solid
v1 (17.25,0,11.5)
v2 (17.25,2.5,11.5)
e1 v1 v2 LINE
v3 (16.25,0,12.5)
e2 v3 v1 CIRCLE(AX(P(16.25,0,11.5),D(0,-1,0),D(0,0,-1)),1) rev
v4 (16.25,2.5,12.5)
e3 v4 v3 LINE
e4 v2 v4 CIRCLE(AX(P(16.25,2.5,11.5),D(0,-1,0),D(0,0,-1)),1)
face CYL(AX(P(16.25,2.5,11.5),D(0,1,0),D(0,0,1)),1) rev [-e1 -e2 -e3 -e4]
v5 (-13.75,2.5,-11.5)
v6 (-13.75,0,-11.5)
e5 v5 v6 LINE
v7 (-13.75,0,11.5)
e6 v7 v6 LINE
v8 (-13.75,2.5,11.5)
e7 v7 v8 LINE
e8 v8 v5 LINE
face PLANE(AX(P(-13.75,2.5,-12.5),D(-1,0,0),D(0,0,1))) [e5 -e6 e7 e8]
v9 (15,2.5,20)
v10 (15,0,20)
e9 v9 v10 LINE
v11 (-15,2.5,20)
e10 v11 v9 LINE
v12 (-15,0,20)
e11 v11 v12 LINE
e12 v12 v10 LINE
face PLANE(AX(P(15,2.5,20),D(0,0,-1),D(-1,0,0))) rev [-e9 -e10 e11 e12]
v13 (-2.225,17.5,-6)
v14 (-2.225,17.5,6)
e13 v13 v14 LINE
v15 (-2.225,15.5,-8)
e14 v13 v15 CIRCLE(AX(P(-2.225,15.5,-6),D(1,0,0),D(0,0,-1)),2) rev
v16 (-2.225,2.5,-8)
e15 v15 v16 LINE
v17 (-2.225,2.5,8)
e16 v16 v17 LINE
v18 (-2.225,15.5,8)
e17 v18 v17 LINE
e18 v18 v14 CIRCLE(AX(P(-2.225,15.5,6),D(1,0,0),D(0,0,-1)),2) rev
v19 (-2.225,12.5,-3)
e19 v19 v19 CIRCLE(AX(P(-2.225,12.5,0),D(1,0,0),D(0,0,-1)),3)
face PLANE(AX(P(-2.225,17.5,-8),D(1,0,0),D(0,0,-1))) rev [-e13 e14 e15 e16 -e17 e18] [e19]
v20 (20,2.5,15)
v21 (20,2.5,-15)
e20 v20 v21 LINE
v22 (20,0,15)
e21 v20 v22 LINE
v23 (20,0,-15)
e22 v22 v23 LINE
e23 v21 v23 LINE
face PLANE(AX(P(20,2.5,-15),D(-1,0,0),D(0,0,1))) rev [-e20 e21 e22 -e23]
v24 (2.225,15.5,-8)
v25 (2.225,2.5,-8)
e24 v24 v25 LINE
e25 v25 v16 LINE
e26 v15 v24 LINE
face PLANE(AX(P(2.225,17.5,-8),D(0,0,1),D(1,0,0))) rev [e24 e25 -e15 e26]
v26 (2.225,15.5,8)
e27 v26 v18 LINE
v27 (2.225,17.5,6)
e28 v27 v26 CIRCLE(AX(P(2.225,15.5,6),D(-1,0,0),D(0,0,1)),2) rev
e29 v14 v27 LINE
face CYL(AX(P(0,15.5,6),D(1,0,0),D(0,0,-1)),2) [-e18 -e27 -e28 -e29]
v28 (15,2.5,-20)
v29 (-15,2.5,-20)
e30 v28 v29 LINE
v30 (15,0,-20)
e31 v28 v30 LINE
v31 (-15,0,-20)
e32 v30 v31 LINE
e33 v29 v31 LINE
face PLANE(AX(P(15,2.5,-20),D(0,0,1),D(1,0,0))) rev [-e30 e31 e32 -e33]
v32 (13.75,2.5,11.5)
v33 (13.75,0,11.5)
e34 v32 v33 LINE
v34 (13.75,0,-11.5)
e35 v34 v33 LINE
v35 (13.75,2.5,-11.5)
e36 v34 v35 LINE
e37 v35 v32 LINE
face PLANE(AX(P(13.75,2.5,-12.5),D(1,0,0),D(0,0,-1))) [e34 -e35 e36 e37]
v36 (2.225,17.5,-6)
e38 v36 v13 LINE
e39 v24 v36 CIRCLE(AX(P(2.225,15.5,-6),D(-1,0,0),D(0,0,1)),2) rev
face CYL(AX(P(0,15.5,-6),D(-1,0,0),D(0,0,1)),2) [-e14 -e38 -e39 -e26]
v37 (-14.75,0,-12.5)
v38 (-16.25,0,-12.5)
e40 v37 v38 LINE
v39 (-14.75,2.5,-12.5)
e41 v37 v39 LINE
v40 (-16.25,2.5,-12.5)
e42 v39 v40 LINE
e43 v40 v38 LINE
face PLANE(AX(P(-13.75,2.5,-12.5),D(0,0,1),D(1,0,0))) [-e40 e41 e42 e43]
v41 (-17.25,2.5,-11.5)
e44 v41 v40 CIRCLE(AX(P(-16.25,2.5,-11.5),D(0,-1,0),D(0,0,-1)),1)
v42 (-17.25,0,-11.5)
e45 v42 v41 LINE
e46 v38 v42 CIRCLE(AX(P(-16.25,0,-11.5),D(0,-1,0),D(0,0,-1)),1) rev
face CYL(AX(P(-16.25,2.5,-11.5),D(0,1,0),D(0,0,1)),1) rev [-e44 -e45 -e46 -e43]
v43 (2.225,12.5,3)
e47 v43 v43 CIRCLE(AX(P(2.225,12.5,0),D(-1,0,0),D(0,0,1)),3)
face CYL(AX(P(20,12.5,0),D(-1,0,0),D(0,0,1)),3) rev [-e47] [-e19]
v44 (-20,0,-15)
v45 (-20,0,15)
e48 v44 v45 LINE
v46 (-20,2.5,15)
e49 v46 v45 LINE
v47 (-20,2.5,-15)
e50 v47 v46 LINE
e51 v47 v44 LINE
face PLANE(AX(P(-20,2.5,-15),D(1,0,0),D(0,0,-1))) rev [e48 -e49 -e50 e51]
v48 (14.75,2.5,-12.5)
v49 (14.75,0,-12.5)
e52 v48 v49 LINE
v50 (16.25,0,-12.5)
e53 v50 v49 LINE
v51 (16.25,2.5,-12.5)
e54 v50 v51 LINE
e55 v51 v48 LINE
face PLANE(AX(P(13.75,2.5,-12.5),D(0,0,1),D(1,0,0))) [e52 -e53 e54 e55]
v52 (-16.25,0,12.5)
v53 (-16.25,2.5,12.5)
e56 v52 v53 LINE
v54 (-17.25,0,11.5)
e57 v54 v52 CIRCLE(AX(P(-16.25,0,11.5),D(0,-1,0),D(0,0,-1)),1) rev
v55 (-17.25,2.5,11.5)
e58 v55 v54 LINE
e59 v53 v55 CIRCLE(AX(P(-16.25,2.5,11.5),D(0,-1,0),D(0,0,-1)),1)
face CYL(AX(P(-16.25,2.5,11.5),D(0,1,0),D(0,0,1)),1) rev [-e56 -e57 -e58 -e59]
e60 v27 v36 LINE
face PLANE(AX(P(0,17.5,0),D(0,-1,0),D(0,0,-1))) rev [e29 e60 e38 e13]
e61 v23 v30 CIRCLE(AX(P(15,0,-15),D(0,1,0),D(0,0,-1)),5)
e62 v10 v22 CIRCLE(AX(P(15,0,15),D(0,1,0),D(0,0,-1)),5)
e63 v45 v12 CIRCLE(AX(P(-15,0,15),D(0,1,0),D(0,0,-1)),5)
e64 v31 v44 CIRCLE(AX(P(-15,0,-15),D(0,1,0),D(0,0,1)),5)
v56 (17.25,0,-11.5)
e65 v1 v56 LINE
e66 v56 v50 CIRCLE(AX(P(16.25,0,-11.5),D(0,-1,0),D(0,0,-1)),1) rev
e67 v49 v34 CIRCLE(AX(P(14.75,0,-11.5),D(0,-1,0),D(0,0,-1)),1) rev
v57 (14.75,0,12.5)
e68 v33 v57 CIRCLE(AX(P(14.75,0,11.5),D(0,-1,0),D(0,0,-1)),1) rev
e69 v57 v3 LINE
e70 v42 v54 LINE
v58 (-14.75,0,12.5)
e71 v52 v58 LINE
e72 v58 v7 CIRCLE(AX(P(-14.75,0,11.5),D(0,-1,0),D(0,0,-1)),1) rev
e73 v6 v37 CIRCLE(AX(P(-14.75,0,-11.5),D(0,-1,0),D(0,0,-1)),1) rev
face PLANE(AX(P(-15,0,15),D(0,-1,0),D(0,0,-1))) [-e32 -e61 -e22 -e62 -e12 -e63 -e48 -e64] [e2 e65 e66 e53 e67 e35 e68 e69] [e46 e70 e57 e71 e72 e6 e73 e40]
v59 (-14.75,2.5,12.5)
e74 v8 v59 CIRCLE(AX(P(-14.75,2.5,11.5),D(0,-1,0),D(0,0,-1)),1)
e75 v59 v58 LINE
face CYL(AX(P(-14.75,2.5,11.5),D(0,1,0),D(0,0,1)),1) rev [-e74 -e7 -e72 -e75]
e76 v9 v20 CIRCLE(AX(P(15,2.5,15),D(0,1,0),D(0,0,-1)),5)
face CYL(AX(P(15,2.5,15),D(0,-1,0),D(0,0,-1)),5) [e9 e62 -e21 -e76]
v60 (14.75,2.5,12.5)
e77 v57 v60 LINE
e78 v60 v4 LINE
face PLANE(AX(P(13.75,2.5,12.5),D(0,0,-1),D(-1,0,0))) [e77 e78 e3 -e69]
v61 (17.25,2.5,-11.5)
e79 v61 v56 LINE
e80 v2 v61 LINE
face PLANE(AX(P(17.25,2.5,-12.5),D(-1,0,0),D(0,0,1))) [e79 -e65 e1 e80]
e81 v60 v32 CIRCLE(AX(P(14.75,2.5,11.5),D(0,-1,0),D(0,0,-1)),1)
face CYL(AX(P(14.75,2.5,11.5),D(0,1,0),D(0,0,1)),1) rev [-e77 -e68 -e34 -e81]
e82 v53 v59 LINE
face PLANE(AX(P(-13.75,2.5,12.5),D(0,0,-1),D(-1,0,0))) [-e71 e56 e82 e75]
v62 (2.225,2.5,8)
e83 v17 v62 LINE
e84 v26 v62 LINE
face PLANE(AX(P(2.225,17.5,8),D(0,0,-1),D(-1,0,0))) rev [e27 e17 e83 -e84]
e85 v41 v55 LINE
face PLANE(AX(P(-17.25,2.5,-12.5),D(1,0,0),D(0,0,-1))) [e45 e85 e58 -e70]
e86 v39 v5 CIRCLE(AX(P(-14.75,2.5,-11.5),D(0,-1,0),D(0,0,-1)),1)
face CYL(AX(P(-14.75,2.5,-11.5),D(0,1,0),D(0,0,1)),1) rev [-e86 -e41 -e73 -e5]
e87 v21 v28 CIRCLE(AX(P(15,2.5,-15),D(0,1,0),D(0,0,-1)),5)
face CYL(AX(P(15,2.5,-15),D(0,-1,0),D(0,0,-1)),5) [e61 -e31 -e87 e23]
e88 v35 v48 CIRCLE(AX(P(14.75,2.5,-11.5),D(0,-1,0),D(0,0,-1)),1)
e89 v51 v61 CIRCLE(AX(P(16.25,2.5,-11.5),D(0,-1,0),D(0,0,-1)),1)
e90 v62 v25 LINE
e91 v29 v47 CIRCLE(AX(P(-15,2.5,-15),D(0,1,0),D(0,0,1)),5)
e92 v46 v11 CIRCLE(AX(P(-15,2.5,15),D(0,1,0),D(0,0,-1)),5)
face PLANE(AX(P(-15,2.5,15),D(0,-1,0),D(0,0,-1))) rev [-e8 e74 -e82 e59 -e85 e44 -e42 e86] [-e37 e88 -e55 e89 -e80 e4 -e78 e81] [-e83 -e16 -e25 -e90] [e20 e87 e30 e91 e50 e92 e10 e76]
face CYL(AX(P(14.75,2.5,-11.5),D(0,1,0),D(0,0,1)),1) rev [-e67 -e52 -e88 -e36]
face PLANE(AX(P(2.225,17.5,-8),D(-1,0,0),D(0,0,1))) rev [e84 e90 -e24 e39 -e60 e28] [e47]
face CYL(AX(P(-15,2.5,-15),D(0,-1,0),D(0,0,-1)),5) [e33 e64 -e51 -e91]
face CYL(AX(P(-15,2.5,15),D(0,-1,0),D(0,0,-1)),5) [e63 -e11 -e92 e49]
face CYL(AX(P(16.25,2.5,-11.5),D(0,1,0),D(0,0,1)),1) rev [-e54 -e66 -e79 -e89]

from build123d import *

# Parameters (mm, degrees)
SKETCH1_W               = 3.5
SKETCH1_H               = 25
BOSS_EXTRUDE1_DEPTH     = 2.5
FILLET1_R               = 1
FILLET2_R               = 1
SKETCH2_W               = 4.45
SKETCH2_H               = 16
BOSS_EXTRUDE2_DEPTH     = 15
CUT_EXTRUDE1_DEPTH      = 35.643911803
CUT_EXTRUDE1_DEPTH_BACK = 35.643911803
SKETCH3_R               = 3
FILLET3_R               = 2


with BuildPart() as part:
    # Sketch1 → Boss-Extrude1 (new body)
    with BuildSketch(Plane(origin=(0, 0, 0), x_dir=(1, 0, 0), z_dir=(0, 1, 0))):
        with BuildLine():
            Line((15, 20), (-15, 20))
            ThreePointArc((-15, 20), (-18.535533906, 18.535533906), (-20, 15))
            Line((-20, 15), (-20, -15))
            ThreePointArc((-20, -15), (-18.535533906, -18.535533906), (-15, -20))
            Line((-15, -20), (15, -20))
            ThreePointArc((15, -20), (18.535533906, -18.535533906), (20, -15))
            Line((20, -15), (20, 15))
            ThreePointArc((20, 15), (18.535533906, 18.535533906), (15, 20))
        make_face()
        with Locations((-15.5, 0)):
            Rectangle(SKETCH1_W, SKETCH1_H, mode=Mode.SUBTRACT)
        with Locations((15.5, 0)):
            Rectangle(SKETCH1_W, SKETCH1_H, mode=Mode.SUBTRACT)
    extrude(amount=BOSS_EXTRUDE1_DEPTH)

    # Fillet1
    fillet1_edges = [part.edges().sort_by_distance(p)[0] for p in [
        (-17.25, 1.25, -12.5),
        (-17.25, 1.25, 12.5),
        (-13.75, 1.25, 12.5),
        (-13.75, 1.25, -12.5),
    ]]
    fillet(fillet1_edges, radius=FILLET1_R)

    # Fillet2
    fillet2_edges = [part.edges().sort_by_distance(p)[0] for p in [
        (13.75, 1.25, -12.5),
        (13.75, 1.25, 12.5),
        (17.25, 1.25, 12.5),
        (17.25, 1.25, -12.5),
    ]]
    fillet(fillet2_edges, radius=FILLET2_R)

    # Sketch2 → Boss-Extrude2 (add)
    with BuildSketch(Plane(origin=(0, 2.5, 0), x_dir=(1, 0, 0), z_dir=(0, 1, 0))):
        Rectangle(SKETCH2_W, SKETCH2_H)
    extrude(amount=BOSS_EXTRUDE2_DEPTH)

    # Sketch3 → Cut-Extrude1 (cut, two sides: drawn at the far end of the back side and taken through both)
    with BuildSketch(Plane.ZY.offset(2.225).offset(-CUT_EXTRUDE1_DEPTH_BACK)):
        with Locations((0, 12.5)):
            Circle(SKETCH3_R)
    extrude(amount=CUT_EXTRUDE1_DEPTH + CUT_EXTRUDE1_DEPTH_BACK, mode=Mode.SUBTRACT)

    # Fillet3
    fillet3_edges = [part.edges().sort_by_distance(p)[0] for p in [
        (0, 17.5, 8),
        (0, 17.5, -8),
    ]]
    fillet(fillet3_edges, radius=FILLET3_R)


solid = part.part
